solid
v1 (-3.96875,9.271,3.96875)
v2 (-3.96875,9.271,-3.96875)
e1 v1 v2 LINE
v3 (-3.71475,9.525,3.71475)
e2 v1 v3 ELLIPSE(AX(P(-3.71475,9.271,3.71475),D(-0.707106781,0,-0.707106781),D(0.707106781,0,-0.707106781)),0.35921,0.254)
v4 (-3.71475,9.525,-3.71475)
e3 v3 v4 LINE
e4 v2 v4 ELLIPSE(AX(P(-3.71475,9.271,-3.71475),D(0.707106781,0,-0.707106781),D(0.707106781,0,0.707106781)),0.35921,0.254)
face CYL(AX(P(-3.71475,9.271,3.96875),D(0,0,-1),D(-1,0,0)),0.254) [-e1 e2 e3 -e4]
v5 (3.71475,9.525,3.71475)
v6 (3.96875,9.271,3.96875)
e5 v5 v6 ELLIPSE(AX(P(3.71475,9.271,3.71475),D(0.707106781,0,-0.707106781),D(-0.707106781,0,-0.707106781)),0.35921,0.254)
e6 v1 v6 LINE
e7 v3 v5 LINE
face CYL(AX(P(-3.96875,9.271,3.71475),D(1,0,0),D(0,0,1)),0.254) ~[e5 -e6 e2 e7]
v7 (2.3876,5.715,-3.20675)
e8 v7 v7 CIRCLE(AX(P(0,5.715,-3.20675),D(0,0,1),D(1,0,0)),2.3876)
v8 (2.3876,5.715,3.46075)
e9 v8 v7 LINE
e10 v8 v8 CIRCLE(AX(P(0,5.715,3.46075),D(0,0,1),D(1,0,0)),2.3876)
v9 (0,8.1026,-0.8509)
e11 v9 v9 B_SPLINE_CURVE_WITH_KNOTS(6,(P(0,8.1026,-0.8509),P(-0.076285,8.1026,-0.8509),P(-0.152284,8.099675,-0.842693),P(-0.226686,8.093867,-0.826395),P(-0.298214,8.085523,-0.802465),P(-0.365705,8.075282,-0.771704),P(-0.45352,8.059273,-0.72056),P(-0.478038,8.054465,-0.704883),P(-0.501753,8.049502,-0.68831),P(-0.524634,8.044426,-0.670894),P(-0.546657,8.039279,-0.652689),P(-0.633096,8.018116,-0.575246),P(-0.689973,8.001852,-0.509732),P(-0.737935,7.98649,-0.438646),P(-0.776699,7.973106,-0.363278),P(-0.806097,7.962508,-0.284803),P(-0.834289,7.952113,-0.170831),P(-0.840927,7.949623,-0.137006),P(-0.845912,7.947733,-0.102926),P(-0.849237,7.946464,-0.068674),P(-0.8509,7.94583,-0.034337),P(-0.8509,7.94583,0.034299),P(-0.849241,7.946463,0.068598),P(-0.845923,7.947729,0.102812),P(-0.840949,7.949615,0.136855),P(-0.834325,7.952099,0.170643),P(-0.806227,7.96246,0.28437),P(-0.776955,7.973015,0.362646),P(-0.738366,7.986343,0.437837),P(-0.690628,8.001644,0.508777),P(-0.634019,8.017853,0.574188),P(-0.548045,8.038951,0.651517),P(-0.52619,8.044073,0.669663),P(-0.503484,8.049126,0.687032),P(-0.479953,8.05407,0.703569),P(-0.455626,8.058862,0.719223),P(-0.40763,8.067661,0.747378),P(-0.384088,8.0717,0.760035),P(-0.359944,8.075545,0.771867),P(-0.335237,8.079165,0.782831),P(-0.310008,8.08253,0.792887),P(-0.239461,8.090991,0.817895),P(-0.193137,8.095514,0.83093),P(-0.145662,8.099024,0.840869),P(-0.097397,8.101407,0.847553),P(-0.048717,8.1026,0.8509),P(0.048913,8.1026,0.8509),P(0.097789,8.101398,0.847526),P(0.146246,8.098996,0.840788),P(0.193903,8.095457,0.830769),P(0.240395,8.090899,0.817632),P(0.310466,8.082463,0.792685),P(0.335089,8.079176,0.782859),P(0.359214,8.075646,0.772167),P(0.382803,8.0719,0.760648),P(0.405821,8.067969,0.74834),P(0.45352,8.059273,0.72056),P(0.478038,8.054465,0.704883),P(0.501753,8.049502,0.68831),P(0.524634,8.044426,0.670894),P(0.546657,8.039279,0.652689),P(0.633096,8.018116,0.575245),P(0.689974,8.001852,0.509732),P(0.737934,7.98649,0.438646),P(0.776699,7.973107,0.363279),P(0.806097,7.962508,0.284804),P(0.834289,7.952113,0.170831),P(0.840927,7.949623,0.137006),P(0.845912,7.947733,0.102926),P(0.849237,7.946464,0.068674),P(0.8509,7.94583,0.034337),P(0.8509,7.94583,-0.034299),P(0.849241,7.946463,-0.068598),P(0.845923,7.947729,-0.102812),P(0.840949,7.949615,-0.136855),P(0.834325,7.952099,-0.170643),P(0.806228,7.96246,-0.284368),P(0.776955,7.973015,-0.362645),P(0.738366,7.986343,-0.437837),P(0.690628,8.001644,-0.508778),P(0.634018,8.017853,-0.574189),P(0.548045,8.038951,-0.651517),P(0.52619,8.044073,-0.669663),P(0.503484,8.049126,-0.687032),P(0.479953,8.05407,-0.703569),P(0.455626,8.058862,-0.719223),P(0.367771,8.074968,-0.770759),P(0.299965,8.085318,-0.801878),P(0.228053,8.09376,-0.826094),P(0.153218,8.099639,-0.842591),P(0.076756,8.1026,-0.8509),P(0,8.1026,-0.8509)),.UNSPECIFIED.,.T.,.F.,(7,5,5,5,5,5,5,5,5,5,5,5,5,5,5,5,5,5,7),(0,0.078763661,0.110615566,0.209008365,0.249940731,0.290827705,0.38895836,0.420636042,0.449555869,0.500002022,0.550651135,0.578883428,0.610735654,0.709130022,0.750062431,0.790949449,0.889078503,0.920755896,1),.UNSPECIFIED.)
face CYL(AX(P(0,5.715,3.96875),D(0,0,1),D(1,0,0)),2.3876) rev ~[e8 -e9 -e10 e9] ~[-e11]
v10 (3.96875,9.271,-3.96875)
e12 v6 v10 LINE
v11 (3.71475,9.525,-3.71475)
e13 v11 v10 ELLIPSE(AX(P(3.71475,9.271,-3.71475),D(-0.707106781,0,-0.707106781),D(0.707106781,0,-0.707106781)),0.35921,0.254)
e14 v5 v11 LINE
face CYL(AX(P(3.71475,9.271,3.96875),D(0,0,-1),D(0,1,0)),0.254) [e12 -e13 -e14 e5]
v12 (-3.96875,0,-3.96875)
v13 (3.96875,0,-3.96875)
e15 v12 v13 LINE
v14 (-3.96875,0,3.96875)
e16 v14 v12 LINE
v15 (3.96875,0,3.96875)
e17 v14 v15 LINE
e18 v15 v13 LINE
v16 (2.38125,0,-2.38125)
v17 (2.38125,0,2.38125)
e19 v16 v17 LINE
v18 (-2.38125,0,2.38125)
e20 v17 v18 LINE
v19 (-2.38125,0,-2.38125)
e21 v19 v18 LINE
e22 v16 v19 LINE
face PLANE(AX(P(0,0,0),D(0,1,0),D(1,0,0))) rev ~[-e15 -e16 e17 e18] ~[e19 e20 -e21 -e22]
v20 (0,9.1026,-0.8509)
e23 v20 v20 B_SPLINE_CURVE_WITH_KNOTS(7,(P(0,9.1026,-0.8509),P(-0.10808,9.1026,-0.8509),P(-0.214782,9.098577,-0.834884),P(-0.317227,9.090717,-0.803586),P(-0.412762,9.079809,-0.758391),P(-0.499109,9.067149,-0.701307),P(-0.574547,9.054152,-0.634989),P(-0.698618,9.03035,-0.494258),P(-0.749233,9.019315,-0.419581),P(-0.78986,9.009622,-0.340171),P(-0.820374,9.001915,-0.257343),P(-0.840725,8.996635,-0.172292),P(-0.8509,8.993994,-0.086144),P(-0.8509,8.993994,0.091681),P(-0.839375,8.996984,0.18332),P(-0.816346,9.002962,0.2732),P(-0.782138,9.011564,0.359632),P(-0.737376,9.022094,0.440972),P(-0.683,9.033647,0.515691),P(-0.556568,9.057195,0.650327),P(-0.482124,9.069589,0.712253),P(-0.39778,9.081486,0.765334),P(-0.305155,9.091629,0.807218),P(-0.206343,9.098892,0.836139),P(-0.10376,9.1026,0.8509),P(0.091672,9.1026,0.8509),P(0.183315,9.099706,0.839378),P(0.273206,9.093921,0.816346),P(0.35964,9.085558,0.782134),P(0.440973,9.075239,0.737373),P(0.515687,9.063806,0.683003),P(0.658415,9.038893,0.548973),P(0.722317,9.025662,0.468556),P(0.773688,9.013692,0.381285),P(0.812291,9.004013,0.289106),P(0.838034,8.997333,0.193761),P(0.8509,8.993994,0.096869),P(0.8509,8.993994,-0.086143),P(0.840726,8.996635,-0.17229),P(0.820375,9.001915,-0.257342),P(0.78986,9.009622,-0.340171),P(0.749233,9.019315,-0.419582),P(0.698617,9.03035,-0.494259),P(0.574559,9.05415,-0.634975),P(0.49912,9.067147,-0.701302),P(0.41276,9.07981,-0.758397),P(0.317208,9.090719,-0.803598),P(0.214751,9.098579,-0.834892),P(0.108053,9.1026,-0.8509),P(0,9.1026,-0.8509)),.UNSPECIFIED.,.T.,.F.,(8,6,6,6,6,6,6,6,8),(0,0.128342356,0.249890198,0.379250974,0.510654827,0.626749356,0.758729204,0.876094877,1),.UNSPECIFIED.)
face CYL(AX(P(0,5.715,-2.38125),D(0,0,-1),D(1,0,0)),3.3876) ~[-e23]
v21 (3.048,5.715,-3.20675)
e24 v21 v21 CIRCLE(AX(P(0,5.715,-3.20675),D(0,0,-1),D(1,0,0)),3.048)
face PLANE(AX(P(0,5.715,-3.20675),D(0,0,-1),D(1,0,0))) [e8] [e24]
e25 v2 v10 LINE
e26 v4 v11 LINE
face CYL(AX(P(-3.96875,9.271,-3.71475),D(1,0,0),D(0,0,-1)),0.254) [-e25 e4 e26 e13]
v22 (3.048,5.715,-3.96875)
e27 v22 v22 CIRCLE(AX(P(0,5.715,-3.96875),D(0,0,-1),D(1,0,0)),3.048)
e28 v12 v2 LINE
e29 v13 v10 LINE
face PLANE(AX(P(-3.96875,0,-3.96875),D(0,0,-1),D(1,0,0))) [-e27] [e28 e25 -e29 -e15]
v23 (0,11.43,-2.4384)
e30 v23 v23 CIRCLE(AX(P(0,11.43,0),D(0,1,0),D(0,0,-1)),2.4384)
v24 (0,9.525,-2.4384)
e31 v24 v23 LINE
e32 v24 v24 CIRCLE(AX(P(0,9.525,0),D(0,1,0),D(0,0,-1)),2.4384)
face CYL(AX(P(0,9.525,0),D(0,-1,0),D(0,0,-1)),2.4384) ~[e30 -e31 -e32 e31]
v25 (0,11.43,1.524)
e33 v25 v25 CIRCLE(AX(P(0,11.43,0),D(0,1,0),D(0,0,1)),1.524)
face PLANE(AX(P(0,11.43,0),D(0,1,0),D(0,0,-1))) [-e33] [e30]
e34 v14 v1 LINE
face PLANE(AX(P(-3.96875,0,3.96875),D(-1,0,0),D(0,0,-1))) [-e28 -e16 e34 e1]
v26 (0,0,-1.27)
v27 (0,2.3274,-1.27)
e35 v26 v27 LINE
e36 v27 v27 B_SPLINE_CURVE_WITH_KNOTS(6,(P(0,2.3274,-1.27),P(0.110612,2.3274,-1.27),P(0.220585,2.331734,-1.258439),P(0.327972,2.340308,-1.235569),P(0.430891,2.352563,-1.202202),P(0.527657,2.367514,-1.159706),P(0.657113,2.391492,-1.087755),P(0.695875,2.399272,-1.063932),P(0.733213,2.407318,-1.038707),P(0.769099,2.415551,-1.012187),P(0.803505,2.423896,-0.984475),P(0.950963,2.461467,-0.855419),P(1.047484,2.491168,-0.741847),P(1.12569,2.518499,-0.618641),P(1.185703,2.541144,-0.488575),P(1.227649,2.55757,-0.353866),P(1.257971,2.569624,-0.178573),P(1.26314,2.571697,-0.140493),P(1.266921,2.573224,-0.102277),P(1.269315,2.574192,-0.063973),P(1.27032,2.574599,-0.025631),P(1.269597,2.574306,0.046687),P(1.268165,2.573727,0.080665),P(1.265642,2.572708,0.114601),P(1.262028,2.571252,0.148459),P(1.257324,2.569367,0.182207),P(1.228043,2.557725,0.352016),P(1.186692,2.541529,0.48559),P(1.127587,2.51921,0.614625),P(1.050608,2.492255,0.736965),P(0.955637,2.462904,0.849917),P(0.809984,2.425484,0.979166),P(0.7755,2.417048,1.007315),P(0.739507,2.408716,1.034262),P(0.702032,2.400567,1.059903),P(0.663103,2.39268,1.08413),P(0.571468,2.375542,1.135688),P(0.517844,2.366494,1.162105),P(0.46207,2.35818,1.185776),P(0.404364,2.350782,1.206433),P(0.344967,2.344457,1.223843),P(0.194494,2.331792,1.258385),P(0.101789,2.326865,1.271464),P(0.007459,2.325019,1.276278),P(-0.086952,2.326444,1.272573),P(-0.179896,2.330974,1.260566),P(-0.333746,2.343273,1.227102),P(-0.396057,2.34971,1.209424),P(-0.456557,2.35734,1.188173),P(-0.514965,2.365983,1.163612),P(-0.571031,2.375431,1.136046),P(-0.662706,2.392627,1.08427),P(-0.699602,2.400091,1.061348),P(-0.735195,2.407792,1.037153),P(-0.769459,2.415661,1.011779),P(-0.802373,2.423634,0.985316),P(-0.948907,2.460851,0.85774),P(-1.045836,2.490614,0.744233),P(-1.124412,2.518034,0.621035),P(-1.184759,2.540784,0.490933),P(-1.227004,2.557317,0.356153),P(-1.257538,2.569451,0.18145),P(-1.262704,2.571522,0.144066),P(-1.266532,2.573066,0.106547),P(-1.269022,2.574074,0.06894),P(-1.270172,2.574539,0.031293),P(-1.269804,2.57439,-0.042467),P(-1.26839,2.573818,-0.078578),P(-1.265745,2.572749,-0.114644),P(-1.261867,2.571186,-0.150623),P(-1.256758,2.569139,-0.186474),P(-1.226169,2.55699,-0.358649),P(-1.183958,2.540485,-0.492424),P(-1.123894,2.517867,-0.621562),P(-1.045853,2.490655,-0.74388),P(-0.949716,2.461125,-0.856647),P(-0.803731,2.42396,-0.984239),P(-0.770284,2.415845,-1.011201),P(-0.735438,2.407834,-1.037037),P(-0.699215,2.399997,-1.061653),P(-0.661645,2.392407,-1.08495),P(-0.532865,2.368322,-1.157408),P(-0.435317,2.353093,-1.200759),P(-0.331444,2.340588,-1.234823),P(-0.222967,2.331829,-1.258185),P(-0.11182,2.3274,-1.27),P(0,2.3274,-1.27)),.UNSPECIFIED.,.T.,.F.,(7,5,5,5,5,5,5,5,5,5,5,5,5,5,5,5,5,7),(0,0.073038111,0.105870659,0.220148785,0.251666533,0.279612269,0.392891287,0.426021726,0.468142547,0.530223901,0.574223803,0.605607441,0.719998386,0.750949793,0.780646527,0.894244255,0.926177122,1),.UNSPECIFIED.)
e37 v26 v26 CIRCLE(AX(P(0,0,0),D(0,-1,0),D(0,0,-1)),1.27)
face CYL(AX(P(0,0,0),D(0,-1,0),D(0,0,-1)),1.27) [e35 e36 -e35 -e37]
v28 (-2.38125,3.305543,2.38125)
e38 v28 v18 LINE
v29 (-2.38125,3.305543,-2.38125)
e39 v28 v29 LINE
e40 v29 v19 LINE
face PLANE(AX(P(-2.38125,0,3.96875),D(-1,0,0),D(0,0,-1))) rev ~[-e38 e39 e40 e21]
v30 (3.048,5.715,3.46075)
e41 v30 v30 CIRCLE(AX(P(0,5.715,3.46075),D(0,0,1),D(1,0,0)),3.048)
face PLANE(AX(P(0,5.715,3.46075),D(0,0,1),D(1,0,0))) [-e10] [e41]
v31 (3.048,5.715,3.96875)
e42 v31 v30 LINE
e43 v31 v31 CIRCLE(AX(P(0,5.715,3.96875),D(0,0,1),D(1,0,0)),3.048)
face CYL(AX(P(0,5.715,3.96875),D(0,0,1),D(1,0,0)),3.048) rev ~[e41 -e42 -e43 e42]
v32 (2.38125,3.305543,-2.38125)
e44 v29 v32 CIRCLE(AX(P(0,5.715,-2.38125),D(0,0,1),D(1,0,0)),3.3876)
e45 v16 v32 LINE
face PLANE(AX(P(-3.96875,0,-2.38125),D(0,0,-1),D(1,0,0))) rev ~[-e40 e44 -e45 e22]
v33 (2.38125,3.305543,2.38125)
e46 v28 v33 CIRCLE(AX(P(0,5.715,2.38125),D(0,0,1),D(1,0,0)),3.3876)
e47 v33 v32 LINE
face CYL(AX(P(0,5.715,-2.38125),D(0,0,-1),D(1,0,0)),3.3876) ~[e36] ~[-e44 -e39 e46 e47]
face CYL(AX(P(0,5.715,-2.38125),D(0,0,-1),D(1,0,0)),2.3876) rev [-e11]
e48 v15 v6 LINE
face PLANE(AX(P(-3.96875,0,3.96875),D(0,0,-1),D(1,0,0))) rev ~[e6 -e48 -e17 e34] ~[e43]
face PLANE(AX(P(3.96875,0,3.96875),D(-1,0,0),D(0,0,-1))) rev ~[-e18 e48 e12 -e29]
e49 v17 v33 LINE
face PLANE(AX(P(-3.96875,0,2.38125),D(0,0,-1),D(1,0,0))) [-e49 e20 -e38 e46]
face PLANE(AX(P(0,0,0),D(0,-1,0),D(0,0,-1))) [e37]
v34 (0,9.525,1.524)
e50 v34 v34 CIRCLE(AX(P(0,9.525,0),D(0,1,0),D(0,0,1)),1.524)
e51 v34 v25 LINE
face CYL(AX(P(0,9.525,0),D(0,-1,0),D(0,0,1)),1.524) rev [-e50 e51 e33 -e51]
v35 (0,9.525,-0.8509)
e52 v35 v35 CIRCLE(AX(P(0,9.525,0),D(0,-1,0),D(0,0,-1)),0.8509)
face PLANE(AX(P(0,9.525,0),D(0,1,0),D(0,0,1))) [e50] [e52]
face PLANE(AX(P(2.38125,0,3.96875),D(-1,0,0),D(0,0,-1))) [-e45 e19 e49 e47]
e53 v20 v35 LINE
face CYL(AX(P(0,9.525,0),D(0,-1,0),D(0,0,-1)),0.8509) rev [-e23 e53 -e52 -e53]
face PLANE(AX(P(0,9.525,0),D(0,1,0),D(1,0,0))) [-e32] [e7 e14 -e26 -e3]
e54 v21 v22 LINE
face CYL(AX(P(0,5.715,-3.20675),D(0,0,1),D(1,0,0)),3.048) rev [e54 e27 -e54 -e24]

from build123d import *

# Parameters (mm, degrees)
SKETCH1_W                = 7.9375
SKETCH1_H                = 7.9375
BASE_EXTRUDE_DEPTH       = 9.525
SKETCH2_R                = 2.4384
BOSS_EXTRUDE1_DEPTH      = 1.905
SHELL1_T                 = -1.5875
SKETCH5_R                = 2.3876
CUT_EXTRUDE1_DEPTH       = 15.470652467
SKETCH6_R                = 3.048
CBORE1_DEPTH             = 0.508
CBORE2_START             = -0.762
SKETCH7_R                = 3.048
CBORE2_DEPTH             = 0.762
BOSS_EXTRUDE_THIN1_START = -5.842
SKETCH8_R                = 3.3876
SKETCH8_R_2              = 2.3876
BOSS_EXTRUDE_THIN1_DEPTH = 4.7625
INSDOT2_REACH            = 14.734
INSDOT2_END_RADIUS       = 3.3876
SKETCH4_R                = 1.27
CUT_EXTRUDE2_START       = -1.905
SKETCH10_R               = 1.524
CUT_EXTRUDE2_DEPTH       = 1.905
FILLET1_R                = 0.254


with BuildPart() as part:
    # Sketch1 → Base-Extrude (new body)
    with BuildSketch(Plane(origin=(0, 0, 0), x_dir=(1, 0, 0), z_dir=(0, 1, 0))):
        Rectangle(SKETCH1_W, SKETCH1_H)
    extrude(amount=BASE_EXTRUDE_DEPTH)

    # Sketch2 → Boss-Extrude1 (add)
    with BuildSketch(Plane(origin=(0, 9.525, 0), x_dir=(-1, 0, 0), z_dir=(0, 1, 0))):
        with Locations(Location((0, 0, 0), (0, 0, 270))):
            Circle(SKETCH2_R)
    extrude(amount=BOSS_EXTRUDE1_DEPTH)

    # Shell1
    shell1_openings = [part.faces().sort_by_distance(p)[0] for p in [
        (0, 0, 0),
    ]]
    offset(amount=SHELL1_T, openings=shell1_openings, kind=Kind.INTERSECTION)

    # Sketch5 → Cut-Extrude1 (cut, through all)
    with BuildSketch(Plane.XY.offset(3.96875)):
        with Locations((0, 5.715)):
            Circle(SKETCH5_R)
    extrude(amount=-CUT_EXTRUDE1_DEPTH, mode=Mode.SUBTRACT)

    # Sketch6 → cbore1 (cut)
    with BuildSketch(Plane.XY.offset(3.96875)):
        with Locations((0, 5.715)):
            Circle(SKETCH6_R)
    extrude(amount=-CBORE1_DEPTH, mode=Mode.SUBTRACT)

    # Sketch7 → cbore2 (cut)
    with BuildSketch(Plane(origin=(0, 0, -3.96875), x_dir=(-1, 0, 0), z_dir=(0, 0, -1)).offset(CBORE2_START)):
        with Locations(Location((0, 5.715, 0), (0, 0, 180))):
            Circle(SKETCH7_R)
    extrude(amount=CBORE2_DEPTH, mode=Mode.SUBTRACT)

    # Sketch8 → Boss-Extrude-Thin1 (add)
    with BuildSketch(Plane.XY.offset(3.46075).offset(BOSS_EXTRUDE_THIN1_START)):
        with Locations((0, 5.715)):
            Circle(SKETCH8_R)
        with Locations((0, 5.715)):
            Circle(SKETCH8_R_2, mode=Mode.SUBTRACT)
    extrude(amount=BOSS_EXTRUDE_THIN1_DEPTH)

    # InsDot2: up to this cylinder (the profile starts outside it)
    insdot2_end = Plane(origin=(0, 5.715, 0), z_dir=(0, 0, 1)) * Cylinder(INSDOT2_END_RADIUS, 37.2432, mode=Mode.PRIVATE)
    # Sketch4 → InsDot2 (add, up to the surface)
    with BuildSketch(Plane.XZ, mode=Mode.PRIVATE) as insdot2_sk1:
        with Locations(Location((0, 0, 0), (0, 0, 270))):
            Circle(SKETCH4_R)
    insdot2_tool1 = extrude(insdot2_sk1.sketch, amount=-INSDOT2_REACH, mode=Mode.PRIVATE) - insdot2_end
    add(insdot2_tool1.solids().sort_by_distance((0, 0, 0))[0])

    # Sketch10 → Cut-Extrude2 (cut)
    with BuildSketch(Plane(origin=(0, 11.43, 0), x_dir=(-1, 0, 0), z_dir=(0, 1, 0)).offset(CUT_EXTRUDE2_START)):
        with Locations(Location((0, 0, 0), (0, 0, 90))):
            Circle(SKETCH10_R)
    extrude(amount=CUT_EXTRUDE2_DEPTH, mode=Mode.SUBTRACT)

    # Fillet1
    fillet1_edges = [part.edges().sort_by_distance(p)[0] for p in [
        (3.96875, 9.525, 0),
        (0, 9.525, -3.96875),
        (-3.96875, 9.525, 0),
        (0, 9.525, 3.96875),
    ]]
    fillet(fillet1_edges, radius=FILLET1_R)


solid = part.part
